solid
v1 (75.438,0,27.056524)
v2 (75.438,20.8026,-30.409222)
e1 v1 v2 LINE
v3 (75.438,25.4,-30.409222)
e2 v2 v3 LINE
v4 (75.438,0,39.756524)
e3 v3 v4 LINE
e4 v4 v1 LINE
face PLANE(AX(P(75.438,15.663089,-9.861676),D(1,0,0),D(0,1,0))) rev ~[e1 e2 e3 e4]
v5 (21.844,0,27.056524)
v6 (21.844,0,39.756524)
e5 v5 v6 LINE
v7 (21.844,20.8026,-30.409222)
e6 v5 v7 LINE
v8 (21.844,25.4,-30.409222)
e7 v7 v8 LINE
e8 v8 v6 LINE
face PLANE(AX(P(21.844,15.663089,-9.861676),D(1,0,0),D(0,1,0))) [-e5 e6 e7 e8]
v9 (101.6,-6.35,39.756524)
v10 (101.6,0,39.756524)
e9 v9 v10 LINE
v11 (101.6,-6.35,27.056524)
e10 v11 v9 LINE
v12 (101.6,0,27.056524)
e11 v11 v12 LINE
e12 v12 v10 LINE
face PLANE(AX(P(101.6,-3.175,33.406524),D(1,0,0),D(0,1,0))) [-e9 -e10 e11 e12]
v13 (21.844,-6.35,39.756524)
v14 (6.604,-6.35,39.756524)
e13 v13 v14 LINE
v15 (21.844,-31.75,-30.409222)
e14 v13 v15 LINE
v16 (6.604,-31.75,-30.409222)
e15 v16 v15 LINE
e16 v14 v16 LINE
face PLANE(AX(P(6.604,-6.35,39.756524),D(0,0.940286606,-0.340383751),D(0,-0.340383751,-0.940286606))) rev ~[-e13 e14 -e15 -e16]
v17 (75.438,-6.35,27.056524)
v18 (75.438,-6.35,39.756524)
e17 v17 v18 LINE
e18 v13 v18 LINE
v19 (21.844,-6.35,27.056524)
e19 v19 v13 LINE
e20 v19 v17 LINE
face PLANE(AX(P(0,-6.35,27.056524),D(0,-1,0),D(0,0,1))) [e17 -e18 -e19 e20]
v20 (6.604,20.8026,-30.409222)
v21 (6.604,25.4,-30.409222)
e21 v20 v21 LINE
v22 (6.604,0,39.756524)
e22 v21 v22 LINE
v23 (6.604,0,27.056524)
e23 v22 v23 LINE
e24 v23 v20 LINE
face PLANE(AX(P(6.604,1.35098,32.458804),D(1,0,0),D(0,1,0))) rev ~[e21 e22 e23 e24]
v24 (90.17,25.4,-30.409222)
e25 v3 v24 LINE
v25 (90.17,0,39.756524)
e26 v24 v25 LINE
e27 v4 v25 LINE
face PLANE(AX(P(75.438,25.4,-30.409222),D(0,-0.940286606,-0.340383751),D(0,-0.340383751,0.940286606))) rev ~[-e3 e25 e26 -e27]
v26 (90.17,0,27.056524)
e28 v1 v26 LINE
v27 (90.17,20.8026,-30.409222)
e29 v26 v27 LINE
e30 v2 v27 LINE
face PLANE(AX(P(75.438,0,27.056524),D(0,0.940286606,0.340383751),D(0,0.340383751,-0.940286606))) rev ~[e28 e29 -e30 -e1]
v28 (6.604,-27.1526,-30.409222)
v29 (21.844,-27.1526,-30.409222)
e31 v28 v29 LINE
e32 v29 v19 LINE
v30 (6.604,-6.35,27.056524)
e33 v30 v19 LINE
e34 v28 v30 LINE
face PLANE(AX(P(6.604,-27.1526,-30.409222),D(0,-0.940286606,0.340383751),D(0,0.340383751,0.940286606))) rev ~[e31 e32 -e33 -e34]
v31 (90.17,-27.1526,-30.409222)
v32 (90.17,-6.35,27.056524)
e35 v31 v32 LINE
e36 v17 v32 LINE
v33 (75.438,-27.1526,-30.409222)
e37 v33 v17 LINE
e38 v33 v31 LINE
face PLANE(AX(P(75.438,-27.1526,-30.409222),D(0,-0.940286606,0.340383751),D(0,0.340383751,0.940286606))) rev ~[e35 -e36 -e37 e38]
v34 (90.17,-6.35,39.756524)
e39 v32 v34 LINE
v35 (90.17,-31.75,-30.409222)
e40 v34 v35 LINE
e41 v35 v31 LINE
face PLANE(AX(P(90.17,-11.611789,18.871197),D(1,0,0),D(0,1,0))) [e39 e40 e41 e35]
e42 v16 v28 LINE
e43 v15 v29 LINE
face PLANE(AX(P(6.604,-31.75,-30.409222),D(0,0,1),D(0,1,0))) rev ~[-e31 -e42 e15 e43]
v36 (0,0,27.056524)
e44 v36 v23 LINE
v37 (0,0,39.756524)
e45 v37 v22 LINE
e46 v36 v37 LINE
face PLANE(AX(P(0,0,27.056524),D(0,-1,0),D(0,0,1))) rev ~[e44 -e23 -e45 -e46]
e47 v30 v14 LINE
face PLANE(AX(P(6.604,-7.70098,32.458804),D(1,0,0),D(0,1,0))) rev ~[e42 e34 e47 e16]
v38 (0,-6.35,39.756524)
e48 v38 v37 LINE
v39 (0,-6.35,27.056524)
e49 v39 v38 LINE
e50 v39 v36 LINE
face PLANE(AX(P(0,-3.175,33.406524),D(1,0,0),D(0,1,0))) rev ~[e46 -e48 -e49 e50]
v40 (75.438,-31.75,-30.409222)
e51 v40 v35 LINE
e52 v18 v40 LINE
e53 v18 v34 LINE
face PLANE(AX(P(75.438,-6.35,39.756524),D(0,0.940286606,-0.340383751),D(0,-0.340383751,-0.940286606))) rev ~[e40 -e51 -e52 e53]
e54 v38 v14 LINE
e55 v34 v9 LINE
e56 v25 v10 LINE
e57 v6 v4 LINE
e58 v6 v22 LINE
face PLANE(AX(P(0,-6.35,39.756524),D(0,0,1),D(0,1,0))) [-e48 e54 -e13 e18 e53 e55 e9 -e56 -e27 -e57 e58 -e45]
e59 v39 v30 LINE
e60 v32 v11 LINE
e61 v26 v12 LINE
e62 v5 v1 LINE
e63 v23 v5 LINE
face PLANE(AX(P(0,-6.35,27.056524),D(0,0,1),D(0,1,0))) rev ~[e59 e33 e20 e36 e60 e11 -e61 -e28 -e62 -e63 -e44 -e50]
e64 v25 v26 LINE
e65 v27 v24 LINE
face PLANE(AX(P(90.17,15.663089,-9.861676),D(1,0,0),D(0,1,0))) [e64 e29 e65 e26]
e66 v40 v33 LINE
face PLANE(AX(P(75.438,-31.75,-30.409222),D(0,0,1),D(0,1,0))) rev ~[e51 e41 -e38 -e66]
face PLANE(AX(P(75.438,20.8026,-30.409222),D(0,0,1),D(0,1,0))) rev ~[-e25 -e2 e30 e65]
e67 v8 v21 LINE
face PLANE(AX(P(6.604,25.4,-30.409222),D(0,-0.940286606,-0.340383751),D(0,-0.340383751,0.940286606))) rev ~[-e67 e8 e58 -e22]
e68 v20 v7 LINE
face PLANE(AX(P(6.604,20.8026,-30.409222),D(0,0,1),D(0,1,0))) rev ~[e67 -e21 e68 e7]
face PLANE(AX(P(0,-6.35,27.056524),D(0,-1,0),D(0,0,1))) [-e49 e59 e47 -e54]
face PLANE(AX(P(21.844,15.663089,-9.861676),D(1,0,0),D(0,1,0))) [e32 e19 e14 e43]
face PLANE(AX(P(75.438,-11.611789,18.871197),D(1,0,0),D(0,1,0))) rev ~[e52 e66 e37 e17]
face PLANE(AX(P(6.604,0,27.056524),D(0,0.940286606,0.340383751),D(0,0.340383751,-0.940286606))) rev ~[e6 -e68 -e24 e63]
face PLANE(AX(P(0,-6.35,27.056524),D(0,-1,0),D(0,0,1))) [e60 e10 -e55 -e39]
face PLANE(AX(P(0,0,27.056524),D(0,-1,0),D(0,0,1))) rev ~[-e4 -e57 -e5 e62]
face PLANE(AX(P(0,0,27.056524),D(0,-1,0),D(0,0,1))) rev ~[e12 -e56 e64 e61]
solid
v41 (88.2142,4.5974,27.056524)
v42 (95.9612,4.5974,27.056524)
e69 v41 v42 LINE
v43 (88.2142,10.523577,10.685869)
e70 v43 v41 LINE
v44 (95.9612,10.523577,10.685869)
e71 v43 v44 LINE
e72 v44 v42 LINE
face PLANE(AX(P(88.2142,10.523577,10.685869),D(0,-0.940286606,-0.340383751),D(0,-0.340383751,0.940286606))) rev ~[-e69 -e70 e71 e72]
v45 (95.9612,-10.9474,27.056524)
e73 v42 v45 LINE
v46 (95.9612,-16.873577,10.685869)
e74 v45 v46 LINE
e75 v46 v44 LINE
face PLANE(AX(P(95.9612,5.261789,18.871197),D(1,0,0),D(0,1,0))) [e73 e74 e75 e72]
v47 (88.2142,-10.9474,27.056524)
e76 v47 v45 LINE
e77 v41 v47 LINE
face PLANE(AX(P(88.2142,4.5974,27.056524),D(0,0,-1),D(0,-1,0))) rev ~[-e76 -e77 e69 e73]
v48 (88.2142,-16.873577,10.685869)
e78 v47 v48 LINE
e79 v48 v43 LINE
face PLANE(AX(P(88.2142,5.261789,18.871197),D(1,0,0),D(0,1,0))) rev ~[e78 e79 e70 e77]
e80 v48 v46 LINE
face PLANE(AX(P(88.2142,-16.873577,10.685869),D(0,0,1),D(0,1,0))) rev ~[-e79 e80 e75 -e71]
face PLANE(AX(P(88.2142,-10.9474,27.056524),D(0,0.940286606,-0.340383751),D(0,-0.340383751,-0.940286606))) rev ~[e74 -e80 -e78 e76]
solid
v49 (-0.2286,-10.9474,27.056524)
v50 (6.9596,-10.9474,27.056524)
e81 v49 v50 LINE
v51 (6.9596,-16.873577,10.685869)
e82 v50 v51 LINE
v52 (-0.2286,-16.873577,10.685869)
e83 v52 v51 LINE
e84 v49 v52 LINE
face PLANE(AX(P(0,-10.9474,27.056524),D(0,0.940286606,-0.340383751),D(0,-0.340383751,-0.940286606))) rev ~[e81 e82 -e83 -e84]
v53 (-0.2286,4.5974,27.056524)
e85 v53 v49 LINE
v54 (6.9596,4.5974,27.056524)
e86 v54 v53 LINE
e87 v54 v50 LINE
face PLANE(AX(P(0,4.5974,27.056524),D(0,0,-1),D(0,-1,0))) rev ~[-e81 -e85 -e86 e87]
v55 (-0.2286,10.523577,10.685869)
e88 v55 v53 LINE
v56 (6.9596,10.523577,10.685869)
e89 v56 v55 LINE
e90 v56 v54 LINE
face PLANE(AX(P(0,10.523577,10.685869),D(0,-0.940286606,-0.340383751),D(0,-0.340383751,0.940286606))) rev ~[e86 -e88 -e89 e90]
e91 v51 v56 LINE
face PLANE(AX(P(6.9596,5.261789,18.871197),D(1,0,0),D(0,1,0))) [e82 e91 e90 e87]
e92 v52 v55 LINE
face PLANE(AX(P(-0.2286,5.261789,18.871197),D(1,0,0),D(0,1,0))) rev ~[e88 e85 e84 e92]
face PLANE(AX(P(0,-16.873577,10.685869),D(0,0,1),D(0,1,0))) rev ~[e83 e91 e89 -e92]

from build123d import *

# Parameters (mm, degrees)
F0_W          = 6.35
F0_H          = 12.7
F1_DEPTH      = 101.6
F2_START      = 6.604
F2_DEPTH      = 14.224
F3_START      = 75.438
F3_DEPTH      = 14.732
F4_START      = 6.604
F4_DEPTH      = 15.24
F5_DEPTH      = 0.2286
F5_DEPTH_BACK = 6.9596
F6_START      = 88.2142
F6_DEPTH      = 7.747


with BuildPart() as f1:
    # F0 (on Right) → F1 (new body)
    with BuildSketch(Plane.YZ):
        with Locations((-3.175, 33.4065240977)):
            Rectangle(F0_W, F0_H)
    extrude(amount=F1_DEPTH)

    # F0 (on Right) → F2 (join)
    with BuildSketch(Plane.YZ.offset(F2_START)):
        Polygon((-6.35, 27.0565240977), (-6.35, 39.7565240977), (-10.9474, 27.0565240977), align=None)
        Polygon((-12.2761771333, 10.6858690333), (-6.35, 27.0565240977), (-10.9474, 27.0565240977), (-16.8735771333, 10.6858690333), align=None)
        Polygon((4.5974, 27.0565240977), (0, 39.7565240977), (0, 27.0565240977), align=None)
        Polygon((4.5974, 27.0565240977), (0, 27.0565240977), (5.9261771333, 10.6858690333), (10.5235771333, 10.6858690333), align=None)
        Polygon((-27.1526, -30.4092217587), (-12.2761771333, 10.6858690333), (-16.8735771333, 10.6858690333), (-31.75, -30.4092217587), align=None)
        Polygon((10.5235771333, 10.6858690333), (5.9261771333, 10.6858690333), (20.8026, -30.4092217587), (25.4, -30.4092217587), align=None)
    extrude(amount=F2_DEPTH)

    # F0 (on Right) → F3 (join)
    with BuildSketch(Plane.YZ.offset(F3_START)):
        Polygon((10.5235771333, 10.6858690333), (5.9261771333, 10.6858690333), (20.8026, -30.4092217587), (25.4, -30.4092217587), align=None)
        Polygon((4.5974, 27.0565240977), (0, 27.0565240977), (5.9261771333, 10.6858690333), (10.5235771333, 10.6858690333), align=None)
        Polygon((-12.2761771333, 10.6858690333), (-6.35, 27.0565240977), (-10.9474, 27.0565240977), (-16.8735771333, 10.6858690333), align=None)
        Polygon((-6.35, 27.0565240977), (-6.35, 39.7565240977), (-10.9474, 27.0565240977), align=None)
        Polygon((4.5974, 27.0565240977), (0, 39.7565240977), (0, 27.0565240977), align=None)
        Polygon((-27.1526, -30.4092217587), (-12.2761771333, 10.6858690333), (-16.8735771333, 10.6858690333), (-31.75, -30.4092217587), align=None)
    extrude(amount=F3_DEPTH)

    # F0 (on Right) → F4 (join)
    with BuildSketch(Plane.YZ.offset(F4_START)):
        Polygon((10.5235771333, 10.6858690333), (5.9261771333, 10.6858690333), (20.8026, -30.4092217587), (25.4, -30.4092217587), align=None)
        Polygon((-27.1526, -30.4092217587), (-12.2761771333, 10.6858690333), (-16.8735771333, 10.6858690333), (-31.75, -30.4092217587), align=None)
        Polygon((4.5974, 27.0565240977), (0, 39.7565240977), (0, 27.0565240977), align=None)
        Polygon((-6.35, 27.0565240977), (-6.35, 39.7565240977), (-10.9474, 27.0565240977), align=None)
        with Locations((-3.175, 33.4065240977)):
            Rectangle(F0_W, F0_H)
        Polygon((4.5974, 27.0565240977), (0, 27.0565240977), (5.9261771333, 10.6858690333), (10.5235771333, 10.6858690333), align=None)
        Polygon((-12.2761771333, 10.6858690333), (-6.35, 27.0565240977), (-10.9474, 27.0565240977), (-16.8735771333, 10.6858690333), align=None)
    extrude(amount=F4_DEPTH)


with BuildPart() as f5:
    # F0 (on Right) → F5 (new body, two sides)
    with BuildSketch(Plane.YZ) as f5_sk:
        Polygon((4.5974, 27.0565240977), (0, 27.0565240977), (5.9261771333, 10.6858690333), (10.5235771333, 10.6858690333), align=None)
        Polygon((5.9261771333, 10.6858690333), (0, 27.0565240977), (-6.35, 27.0565240977), (-12.2761771333, 10.6858690333), align=None)
        Polygon((-12.2761771333, 10.6858690333), (-6.35, 27.0565240977), (-10.9474, 27.0565240977), (-16.8735771333, 10.6858690333), align=None)
    extrude(amount=-F5_DEPTH)
    extrude(f5_sk.sketch, amount=F5_DEPTH_BACK)


with BuildPart() as f6:
    # F0 (on Right) → F6 (new body)
    with BuildSketch(Plane.YZ.offset(F6_START)):
        Polygon((4.5974, 27.0565240977), (0, 27.0565240977), (5.9261771333, 10.6858690333), (10.5235771333, 10.6858690333), align=None)
        Polygon((-12.2761771333, 10.6858690333), (-6.35, 27.0565240977), (-10.9474, 27.0565240977), (-16.8735771333, 10.6858690333), align=None)
        Polygon((5.9261771333, 10.6858690333), (0, 27.0565240977), (-6.35, 27.0565240977), (-12.2761771333, 10.6858690333), align=None)
    extrude(amount=F6_DEPTH)


solid = Compound([f1.part, f5.part, f6.part])
